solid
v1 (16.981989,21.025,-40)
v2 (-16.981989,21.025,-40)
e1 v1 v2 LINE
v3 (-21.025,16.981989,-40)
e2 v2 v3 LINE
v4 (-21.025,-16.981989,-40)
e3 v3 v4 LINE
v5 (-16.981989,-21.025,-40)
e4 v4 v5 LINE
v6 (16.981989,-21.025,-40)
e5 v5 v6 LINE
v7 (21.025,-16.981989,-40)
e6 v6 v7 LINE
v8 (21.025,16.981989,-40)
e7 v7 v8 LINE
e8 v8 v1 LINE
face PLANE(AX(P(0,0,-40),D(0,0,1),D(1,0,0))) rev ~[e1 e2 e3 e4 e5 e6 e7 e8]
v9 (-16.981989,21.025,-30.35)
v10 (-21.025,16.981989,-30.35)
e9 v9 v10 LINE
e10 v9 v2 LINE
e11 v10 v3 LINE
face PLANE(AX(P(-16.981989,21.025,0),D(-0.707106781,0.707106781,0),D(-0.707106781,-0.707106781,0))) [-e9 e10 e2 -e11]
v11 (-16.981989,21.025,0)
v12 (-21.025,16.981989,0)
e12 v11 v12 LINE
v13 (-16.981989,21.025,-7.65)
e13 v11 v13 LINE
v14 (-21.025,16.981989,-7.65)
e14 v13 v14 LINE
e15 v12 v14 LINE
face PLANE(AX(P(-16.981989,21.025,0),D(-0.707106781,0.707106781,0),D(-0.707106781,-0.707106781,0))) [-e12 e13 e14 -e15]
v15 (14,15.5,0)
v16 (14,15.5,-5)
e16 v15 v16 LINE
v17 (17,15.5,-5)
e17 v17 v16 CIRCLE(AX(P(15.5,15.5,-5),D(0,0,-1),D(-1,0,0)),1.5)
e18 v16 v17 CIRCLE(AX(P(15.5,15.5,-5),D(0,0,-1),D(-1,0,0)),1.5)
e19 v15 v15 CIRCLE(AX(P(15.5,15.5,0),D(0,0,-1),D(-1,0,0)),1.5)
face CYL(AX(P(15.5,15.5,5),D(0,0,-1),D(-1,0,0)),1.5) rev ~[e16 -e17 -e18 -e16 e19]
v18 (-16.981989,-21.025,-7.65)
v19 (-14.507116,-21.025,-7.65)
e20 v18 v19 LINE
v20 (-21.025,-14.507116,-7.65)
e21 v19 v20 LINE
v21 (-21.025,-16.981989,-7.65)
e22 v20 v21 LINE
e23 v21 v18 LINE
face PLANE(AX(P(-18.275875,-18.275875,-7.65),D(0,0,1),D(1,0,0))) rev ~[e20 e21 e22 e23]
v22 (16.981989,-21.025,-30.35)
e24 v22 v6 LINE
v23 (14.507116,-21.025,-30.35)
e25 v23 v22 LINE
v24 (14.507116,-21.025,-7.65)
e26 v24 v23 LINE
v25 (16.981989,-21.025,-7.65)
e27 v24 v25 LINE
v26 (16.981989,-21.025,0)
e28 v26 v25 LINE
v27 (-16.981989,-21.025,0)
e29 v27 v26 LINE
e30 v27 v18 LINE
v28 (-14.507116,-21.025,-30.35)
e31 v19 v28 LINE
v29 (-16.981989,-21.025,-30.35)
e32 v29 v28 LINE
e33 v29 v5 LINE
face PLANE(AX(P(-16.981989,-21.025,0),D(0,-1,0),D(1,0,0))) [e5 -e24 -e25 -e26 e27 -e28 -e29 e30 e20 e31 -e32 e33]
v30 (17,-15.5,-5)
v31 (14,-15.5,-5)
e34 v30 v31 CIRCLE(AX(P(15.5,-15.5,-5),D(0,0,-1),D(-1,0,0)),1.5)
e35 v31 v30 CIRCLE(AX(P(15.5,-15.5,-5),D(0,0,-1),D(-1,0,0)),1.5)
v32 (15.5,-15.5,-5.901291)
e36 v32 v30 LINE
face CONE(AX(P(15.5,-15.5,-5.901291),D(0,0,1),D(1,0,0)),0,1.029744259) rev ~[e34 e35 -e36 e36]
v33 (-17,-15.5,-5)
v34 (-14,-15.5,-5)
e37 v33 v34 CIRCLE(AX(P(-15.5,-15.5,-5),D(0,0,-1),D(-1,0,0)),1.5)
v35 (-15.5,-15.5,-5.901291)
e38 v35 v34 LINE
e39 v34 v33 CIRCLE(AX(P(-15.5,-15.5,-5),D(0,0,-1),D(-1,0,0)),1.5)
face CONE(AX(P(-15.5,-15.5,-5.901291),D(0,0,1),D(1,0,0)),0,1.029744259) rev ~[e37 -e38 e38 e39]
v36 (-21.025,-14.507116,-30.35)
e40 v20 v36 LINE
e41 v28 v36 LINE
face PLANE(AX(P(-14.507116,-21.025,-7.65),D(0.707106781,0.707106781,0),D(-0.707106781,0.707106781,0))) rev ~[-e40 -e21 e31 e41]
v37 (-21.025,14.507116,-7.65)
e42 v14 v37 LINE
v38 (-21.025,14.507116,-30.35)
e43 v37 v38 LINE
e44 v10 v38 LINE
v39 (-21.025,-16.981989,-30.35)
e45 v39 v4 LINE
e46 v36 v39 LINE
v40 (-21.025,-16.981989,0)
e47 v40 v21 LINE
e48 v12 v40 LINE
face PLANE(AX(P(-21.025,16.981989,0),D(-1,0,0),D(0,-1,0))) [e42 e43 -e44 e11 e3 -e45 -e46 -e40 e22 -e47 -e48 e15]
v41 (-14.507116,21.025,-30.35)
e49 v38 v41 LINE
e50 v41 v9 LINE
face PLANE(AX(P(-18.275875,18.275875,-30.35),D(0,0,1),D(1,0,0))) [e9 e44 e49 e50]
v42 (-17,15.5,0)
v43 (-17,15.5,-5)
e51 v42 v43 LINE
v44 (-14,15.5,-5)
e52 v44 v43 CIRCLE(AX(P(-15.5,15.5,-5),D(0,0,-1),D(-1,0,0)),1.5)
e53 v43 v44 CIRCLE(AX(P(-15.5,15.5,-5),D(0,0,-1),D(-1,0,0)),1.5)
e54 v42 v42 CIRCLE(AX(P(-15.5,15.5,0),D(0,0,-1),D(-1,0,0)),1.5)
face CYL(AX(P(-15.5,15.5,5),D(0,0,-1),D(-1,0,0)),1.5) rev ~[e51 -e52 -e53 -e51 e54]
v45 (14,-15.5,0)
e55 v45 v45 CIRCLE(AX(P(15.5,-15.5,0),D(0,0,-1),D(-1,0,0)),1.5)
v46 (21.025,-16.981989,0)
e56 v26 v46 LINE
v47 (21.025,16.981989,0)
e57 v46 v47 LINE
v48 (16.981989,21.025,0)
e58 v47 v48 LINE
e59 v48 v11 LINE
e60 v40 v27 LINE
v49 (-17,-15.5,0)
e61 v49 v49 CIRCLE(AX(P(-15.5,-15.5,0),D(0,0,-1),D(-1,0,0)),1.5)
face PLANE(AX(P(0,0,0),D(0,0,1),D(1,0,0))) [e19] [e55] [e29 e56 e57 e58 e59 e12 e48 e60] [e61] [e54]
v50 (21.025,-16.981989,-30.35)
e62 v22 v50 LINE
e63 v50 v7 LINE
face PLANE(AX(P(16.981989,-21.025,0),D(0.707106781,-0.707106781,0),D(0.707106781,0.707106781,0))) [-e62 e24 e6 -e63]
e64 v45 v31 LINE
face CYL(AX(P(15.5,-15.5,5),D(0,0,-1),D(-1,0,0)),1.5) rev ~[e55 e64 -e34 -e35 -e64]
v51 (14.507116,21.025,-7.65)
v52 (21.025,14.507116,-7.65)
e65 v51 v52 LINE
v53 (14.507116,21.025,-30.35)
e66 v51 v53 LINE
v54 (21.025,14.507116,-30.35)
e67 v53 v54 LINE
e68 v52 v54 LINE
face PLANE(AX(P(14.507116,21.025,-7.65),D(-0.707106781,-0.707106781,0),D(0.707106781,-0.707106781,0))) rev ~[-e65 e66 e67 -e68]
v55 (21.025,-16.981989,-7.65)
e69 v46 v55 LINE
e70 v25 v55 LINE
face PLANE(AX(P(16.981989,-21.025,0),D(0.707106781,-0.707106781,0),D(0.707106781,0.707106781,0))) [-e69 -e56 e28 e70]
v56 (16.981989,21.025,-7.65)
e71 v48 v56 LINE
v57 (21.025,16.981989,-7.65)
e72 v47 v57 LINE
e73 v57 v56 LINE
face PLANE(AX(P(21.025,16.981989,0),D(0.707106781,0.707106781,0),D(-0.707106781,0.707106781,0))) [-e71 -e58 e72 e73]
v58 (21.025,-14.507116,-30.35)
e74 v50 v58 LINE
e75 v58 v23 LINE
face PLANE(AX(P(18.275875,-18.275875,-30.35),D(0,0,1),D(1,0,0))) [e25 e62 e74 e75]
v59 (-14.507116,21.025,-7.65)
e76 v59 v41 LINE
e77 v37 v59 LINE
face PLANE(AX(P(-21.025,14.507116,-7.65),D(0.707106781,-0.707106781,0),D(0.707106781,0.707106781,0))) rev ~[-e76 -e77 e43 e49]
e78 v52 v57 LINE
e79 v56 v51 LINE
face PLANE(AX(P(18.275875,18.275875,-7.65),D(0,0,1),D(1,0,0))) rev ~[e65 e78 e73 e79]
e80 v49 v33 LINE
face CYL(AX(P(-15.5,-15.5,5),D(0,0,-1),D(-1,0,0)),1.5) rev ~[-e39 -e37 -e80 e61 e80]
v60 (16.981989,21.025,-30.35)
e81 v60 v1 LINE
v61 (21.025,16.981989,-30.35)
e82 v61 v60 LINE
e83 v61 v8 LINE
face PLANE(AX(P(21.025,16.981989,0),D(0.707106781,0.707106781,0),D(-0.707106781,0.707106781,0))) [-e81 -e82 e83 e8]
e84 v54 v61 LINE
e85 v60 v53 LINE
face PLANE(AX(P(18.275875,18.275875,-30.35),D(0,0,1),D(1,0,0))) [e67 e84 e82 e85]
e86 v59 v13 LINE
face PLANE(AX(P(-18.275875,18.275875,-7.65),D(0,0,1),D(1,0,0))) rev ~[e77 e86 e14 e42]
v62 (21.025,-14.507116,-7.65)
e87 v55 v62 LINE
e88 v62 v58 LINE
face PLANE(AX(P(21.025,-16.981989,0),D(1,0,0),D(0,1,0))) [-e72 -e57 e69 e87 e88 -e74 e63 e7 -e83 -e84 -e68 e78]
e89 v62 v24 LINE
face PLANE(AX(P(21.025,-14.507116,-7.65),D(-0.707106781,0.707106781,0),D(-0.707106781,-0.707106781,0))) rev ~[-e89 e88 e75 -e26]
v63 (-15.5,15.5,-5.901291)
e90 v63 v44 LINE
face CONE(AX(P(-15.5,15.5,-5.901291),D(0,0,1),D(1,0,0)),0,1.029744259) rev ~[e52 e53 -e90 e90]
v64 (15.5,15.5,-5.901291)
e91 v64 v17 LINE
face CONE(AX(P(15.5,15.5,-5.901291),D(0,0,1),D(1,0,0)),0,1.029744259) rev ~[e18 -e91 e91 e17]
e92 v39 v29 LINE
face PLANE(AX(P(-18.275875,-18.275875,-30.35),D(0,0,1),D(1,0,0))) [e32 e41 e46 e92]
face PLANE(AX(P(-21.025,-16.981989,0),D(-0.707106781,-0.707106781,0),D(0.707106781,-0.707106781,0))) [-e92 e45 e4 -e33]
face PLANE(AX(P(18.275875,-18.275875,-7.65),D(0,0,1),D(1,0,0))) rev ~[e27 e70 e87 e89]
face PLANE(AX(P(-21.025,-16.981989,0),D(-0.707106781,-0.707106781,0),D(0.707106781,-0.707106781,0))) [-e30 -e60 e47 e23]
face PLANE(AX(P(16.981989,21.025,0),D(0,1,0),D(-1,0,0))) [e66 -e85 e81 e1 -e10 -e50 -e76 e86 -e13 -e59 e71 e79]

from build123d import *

# Parameters (mm, degrees)
F1_DEPTH = 40
F4_DEPTH = 22.7
F6_D     = 3
F6_DEPTH = 5
F6_TIP   = 0.9012909285


with BuildPart() as f1:
    # F0 (on Top) → F1 (new body)
    with BuildSketch(Plane.XY):
        Polygon((16.9819894888, 21.025), (-16.9819894888, 21.025), (-21.025, 16.9819894888), (-21.025, -16.9819894888), (-16.9819894888, -21.025), (16.9819894888, -21.025), (21.025, -16.9819894888), (21.025, 16.9819894888), align=None)
    extrude(amount=-F1_DEPTH)

    # F3 (on offset) + F1_face (on face) → F4 (cut)
    with BuildSketch(Plane.XY.offset(-7.65)):
        Polygon((-21.025, 16.9819894888), (-21.025, 14.5071157546), (-14.5071157546, 21.025), (-16.9819894888, 21.025), align=None)
        Polygon((16.9819894888, 21.025), (14.5071157546, 21.025), (21.025, 14.5071157546), (21.025, 16.9819894888), align=None)
        Polygon((21.025, -14.5071157546), (14.5071157546, -21.025), (16.9819894888, -21.025), (21.025, -16.9819894888), align=None)
        Polygon((-21.025, -16.9819894888), (-16.9819894888, -21.025), (-14.5071157546, -21.025), (-21.025, -14.5071157546), align=None)
    with BuildSketch(Plane(origin=(0, 0, -40), x_dir=(1, 0, 0), z_dir=(0, 0, -1))):
        Polygon((21.025, -16.9819894888), (21.025, 16.9819894888), (16.9819894888, 21.025), (-16.9819894888, 21.025), (-21.025, 16.9819894888), (-21.025, -16.9819894888), (-16.9819894888, -21.025), (16.9819894888, -21.025), align=None)
    extrude(amount=-F4_DEPTH, dir=(0, 0, 1), mode=Mode.SUBTRACT)

    # F6
    with Locations(Plane.XY):
        with Locations((-15.5, 15.5), (15.5, 15.5), (15.5, -15.5), (-15.5, -15.5)):
            Hole(F6_D / 2, depth=F6_DEPTH)
            with Locations((0, 0, -(F6_DEPTH + F6_TIP / 2))):  # 118° drill point
                Cone(0, F6_D / 2, F6_TIP, mode=Mode.SUBTRACT)


solid = f1.part
